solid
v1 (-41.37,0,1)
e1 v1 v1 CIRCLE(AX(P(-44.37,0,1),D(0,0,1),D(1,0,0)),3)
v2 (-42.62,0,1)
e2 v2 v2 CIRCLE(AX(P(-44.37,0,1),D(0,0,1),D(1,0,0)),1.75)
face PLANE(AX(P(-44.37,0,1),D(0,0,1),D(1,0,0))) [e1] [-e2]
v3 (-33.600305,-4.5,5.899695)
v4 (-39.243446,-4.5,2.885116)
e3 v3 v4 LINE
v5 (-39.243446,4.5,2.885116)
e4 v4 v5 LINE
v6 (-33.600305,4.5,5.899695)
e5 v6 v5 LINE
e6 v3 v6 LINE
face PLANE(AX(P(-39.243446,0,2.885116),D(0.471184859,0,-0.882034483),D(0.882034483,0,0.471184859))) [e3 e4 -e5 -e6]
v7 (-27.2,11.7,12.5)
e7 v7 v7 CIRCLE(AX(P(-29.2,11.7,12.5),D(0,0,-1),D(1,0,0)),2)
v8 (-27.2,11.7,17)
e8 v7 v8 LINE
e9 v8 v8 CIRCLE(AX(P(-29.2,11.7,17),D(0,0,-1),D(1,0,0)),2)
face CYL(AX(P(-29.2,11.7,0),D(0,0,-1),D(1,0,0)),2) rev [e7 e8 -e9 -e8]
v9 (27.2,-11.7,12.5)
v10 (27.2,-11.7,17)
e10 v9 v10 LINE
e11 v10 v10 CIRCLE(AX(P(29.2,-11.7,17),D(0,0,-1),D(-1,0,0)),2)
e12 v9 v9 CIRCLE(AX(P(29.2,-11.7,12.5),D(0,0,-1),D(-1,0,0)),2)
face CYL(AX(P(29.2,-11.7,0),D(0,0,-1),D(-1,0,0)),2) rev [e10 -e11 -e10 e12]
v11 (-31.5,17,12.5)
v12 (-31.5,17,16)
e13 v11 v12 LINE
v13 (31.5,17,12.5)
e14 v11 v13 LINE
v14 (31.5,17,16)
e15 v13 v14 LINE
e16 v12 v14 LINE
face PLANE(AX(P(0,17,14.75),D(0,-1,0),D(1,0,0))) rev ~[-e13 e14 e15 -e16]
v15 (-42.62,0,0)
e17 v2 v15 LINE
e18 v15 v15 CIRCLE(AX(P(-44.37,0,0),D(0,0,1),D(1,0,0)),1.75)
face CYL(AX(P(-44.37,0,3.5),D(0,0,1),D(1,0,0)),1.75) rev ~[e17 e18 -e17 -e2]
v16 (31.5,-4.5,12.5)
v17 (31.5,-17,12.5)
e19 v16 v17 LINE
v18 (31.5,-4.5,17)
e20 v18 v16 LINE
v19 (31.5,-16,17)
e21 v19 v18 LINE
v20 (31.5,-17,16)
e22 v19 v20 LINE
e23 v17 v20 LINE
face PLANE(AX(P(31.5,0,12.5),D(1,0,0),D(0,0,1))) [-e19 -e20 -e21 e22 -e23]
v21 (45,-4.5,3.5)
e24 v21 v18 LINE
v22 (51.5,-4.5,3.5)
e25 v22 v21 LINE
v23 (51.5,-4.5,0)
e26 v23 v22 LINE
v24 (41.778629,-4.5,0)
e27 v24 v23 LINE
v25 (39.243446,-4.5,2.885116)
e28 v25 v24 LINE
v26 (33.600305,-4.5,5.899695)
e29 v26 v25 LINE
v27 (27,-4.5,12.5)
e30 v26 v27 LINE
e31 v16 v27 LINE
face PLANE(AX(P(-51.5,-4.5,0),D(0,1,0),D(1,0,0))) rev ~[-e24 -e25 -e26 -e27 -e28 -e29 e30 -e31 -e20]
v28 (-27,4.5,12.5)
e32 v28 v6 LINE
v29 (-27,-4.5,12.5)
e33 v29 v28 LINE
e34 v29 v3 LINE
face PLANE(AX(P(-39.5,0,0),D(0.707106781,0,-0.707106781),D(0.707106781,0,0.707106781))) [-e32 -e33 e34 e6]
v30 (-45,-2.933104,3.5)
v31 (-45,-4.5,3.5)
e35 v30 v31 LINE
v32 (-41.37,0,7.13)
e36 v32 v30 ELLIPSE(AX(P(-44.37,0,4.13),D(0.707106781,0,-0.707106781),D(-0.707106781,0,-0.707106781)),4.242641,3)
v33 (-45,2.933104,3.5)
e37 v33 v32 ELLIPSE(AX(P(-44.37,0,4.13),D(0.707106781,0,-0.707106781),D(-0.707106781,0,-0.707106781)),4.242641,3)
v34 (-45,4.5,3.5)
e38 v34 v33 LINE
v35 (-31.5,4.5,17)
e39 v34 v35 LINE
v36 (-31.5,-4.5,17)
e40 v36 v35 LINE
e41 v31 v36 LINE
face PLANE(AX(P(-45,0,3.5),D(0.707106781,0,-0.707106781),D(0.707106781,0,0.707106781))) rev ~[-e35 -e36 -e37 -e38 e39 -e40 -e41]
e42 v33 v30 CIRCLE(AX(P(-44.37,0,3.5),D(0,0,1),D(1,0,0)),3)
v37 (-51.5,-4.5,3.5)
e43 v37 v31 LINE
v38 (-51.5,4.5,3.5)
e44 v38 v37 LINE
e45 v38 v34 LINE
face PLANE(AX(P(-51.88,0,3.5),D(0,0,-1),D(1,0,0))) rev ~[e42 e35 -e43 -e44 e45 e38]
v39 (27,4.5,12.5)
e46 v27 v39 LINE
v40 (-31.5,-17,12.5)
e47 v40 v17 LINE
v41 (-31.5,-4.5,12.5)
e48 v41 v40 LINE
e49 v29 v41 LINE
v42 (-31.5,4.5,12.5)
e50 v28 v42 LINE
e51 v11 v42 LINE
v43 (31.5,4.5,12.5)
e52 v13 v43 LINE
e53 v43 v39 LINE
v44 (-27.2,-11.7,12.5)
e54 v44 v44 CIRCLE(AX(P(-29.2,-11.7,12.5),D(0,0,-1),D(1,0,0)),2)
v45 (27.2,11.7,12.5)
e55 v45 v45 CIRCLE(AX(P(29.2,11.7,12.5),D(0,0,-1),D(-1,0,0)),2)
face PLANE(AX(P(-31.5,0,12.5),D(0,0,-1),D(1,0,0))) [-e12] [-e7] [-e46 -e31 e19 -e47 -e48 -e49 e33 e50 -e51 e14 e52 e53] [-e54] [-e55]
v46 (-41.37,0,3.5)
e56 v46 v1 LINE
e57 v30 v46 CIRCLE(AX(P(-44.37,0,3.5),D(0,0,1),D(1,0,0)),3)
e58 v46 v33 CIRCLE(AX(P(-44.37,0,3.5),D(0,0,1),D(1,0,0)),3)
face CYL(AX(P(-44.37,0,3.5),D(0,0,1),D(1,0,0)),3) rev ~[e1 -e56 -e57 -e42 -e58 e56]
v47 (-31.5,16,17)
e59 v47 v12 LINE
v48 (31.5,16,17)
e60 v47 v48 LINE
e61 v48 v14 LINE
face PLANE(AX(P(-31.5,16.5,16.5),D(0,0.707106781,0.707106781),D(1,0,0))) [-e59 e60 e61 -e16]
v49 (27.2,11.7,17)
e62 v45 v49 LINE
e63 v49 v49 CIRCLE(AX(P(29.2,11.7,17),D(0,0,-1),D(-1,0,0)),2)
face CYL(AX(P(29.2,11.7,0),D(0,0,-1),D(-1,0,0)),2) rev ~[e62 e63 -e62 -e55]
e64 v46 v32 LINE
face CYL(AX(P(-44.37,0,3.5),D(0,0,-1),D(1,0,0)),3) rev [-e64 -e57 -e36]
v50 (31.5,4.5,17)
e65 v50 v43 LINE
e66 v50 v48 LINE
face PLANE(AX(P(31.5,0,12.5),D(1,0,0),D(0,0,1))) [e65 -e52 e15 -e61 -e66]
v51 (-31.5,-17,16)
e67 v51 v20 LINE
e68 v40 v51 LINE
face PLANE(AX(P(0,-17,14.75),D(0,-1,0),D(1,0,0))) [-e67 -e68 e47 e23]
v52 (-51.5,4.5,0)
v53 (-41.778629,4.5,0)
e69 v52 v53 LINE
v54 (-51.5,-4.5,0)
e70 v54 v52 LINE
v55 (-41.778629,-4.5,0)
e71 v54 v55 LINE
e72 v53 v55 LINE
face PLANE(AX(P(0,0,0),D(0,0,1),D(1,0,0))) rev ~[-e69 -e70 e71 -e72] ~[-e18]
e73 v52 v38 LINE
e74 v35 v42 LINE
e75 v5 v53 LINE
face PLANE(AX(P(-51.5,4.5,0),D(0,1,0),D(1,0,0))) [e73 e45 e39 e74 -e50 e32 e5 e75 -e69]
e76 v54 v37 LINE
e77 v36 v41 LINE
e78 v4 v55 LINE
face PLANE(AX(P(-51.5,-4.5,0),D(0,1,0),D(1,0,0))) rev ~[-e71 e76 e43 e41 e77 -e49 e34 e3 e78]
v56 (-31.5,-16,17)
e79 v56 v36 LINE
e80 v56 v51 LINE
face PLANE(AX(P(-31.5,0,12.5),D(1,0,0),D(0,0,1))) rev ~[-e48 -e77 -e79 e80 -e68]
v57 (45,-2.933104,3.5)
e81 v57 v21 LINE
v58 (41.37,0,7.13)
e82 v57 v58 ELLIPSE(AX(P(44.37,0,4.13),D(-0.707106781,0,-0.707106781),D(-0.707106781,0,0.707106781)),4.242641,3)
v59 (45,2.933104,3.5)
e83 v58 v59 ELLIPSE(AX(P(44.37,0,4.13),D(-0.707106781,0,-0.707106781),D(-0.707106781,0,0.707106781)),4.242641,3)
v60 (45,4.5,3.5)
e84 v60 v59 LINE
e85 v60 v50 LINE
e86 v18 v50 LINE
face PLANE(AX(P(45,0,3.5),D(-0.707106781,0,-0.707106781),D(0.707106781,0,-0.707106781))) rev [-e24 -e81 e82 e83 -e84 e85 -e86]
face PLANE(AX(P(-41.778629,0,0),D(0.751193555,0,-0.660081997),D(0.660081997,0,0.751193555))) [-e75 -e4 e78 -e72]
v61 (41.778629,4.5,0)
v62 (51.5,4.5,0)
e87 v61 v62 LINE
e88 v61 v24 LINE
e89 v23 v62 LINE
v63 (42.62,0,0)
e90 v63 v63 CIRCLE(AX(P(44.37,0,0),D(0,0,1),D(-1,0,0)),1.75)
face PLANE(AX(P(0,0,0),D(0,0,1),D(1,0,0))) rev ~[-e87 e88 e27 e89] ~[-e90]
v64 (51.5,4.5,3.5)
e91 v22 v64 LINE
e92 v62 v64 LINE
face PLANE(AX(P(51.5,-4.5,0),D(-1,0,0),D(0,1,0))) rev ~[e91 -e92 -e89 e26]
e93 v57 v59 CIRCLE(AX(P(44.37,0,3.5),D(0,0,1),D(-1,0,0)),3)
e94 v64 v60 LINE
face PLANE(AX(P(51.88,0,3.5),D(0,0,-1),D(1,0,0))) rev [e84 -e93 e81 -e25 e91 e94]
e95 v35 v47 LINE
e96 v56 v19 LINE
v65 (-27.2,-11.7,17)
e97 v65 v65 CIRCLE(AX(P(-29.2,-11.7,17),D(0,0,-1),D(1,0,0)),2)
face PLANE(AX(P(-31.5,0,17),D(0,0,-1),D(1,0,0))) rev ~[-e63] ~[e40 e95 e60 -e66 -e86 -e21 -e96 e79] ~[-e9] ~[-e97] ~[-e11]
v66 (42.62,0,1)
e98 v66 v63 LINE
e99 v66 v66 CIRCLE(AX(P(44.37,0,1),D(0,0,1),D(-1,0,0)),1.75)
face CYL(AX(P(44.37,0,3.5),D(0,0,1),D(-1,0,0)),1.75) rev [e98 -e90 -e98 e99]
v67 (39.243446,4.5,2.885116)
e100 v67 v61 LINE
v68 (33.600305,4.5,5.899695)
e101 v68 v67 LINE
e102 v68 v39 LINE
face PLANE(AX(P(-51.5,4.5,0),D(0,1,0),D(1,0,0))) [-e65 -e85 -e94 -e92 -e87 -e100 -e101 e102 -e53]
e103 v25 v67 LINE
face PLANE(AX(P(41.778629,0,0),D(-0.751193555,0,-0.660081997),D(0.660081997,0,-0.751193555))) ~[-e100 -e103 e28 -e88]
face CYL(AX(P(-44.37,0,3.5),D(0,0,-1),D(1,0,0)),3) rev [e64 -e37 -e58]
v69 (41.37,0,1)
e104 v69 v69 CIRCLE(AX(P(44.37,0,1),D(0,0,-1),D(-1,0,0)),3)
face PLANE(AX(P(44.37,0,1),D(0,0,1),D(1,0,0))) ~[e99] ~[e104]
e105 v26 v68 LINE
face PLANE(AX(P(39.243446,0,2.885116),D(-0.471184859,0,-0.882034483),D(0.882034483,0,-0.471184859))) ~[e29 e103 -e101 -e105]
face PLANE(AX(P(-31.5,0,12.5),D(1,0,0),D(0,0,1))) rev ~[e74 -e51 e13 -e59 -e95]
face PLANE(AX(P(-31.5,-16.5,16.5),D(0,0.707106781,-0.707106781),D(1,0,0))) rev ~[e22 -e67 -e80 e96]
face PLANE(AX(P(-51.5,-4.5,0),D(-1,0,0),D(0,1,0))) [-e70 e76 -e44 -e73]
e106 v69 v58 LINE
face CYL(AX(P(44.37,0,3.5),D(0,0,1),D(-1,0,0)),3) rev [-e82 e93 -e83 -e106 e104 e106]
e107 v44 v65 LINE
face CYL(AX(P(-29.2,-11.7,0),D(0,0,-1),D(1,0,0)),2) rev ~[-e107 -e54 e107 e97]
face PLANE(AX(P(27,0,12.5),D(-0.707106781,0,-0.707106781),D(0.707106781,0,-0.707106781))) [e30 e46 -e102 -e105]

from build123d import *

# Parameters (mm, degrees)
SKETCH_W                      = 103
SKETCH_H                      = 9
PAD_DEPTH                     = 17
POCKET_DEPTH                  = 5.5
POCKET001_DEPTH               = 4.5
SKETCH003_W                   = 63
SKETCH003_H                   = 4.5
PAD001_DEPTH                  = 17
SKETCH005_R                   = 3
POCKET002_DEPTH               = 2.5
POCKET002_DEPTH_BACK          = 5
SKETCH006_R                   = 1.75
POCKET003_DEPTH               = 5
SKETCH007_R                   = 2
POCKET004_DEPTH               = 28
SKETCH007_MIRRORED002_2_R     = 2
POCKET004_MIRRORED002_2_DEPTH = 28
POCKET005_DEPTH               = 7
CHAMFER_SIZE                  = 1


with BuildPart() as part:
    # Sketch → Pad (new body)
    with BuildSketch(Plane.XY):
        Rectangle(SKETCH_W, SKETCH_H)
    extrude(amount=PAD_DEPTH)

    # Sketch001 → Pocket (cut, symmetric)
    with BuildSketch(Plane.XZ):
        Polygon((-39.5, 0), (-27, 12.5), (27, 12.5), (39.5, 0), align=None)
    extrude(amount=POCKET_DEPTH, both=True, mode=Mode.SUBTRACT)

    # Sketch002 → Pocket001 (cut, symmetric)
    with BuildSketch(Plane.XZ):
        Polygon((-51.88, 3.5), (-45, 3.5), (-31, 17.5), (-51.88, 17.5), align=None)
    pocket001 = extrude(amount=POCKET001_DEPTH, both=True, mode=Mode.SUBTRACT)

    # Mirrored: Pocket001 across Sketch002 V_Axis
    add(pocket001.mirror(Plane(origin=(0, 0, 0), x_dir=(0, -1, 0), z_dir=(1, 0, 0))), mode=Mode.SUBTRACT)

    # Sketch003 → Pad001 (join, symmetric)
    with BuildSketch(Plane.XZ):
        with Locations((0, 14.75)):
            Rectangle(SKETCH003_W, SKETCH003_H)
    extrude(amount=PAD001_DEPTH, both=True)

    # Sketch005 (on DatumPlane) → Pocket002 (cut, two sides)
    with BuildSketch(Plane.XY.offset(3.5)) as pocket002_sk:
        with Locations((-44.37, 0)):
            Circle(SKETCH005_R)
    pocket002 = extrude(amount=-POCKET002_DEPTH, mode=Mode.SUBTRACT) + extrude(pocket002_sk.sketch, amount=POCKET002_DEPTH_BACK, mode=Mode.SUBTRACT)

    # Sketch006 (on DatumPlane) → Pocket003 (cut)
    with BuildSketch(Plane.XY.offset(3.5)):
        with Locations((-44.37, 0)):
            Circle(SKETCH006_R)
    pocket003 = extrude(amount=-POCKET003_DEPTH, mode=Mode.SUBTRACT)

    # Mirrored001: Pocket003, Pocket002 across Sketch006 V_Axis
    add(pocket003.mirror(Plane(origin=(0, 0, 3.5), x_dir=(0, 0, 1), z_dir=(1, 0, 0))), mode=Mode.SUBTRACT)
    add(pocket002.mirror(Plane(origin=(0, 0, 3.5), x_dir=(0, 0, 1), z_dir=(1, 0, 0))), mode=Mode.SUBTRACT)

    # Sketch007 → Pocket004 (cut)
    with BuildSketch(Plane.XY):
        with Locations((-29.2, 11.7)):
            Circle(SKETCH007_R)
    pocket004 = extrude(amount=POCKET004_DEPTH, mode=Mode.SUBTRACT)

    # Sketch007 Mirrored002 2 → Pocket004 Mirrored002 2 (cut)
    with BuildSketch(Plane(origin=(0, 0, 0), x_dir=(-1, 0, 0), z_dir=(0, 0, -1))):
        with Locations((-29.2, 11.7)):
            Circle(SKETCH007_MIRRORED002_2_R)
    pocket004_mirrored002_2 = extrude(amount=-POCKET004_MIRRORED002_2_DEPTH, mode=Mode.SUBTRACT)

    # Mirrored003: Pocket004, Pocket004 Mirrored002 2 across XZ
    add(pocket004.mirror(Plane.XZ), mode=Mode.SUBTRACT)
    add(pocket004_mirrored002_2.mirror(Plane.XZ), mode=Mode.SUBTRACT)

    # Sketch008 → Pocket005 (cut, symmetric)
    with BuildSketch(Plane.XZ):
        Polygon((-41.778629, 0), (-39.243446, 2.885116), (-33.286407, 6.06738), (-33.286407, 0), align=None)
    pocket005 = extrude(amount=POCKET005_DEPTH, both=True, mode=Mode.SUBTRACT)

    # Mirrored004: Pocket005 across Sketch008 V_Axis
    add(pocket005.mirror(Plane(origin=(0, 0, 0), x_dir=(0, -1, 0), z_dir=(1, 0, 0))), mode=Mode.SUBTRACT)

    # Chamfer
    chamfer_edges = [part.edges().sort_by_distance(p)[0] for p in [
        (0, -17, 17),
        (0, 17, 17),
    ]]
    chamfer(chamfer_edges, length=CHAMFER_SIZE)


solid = part.part
